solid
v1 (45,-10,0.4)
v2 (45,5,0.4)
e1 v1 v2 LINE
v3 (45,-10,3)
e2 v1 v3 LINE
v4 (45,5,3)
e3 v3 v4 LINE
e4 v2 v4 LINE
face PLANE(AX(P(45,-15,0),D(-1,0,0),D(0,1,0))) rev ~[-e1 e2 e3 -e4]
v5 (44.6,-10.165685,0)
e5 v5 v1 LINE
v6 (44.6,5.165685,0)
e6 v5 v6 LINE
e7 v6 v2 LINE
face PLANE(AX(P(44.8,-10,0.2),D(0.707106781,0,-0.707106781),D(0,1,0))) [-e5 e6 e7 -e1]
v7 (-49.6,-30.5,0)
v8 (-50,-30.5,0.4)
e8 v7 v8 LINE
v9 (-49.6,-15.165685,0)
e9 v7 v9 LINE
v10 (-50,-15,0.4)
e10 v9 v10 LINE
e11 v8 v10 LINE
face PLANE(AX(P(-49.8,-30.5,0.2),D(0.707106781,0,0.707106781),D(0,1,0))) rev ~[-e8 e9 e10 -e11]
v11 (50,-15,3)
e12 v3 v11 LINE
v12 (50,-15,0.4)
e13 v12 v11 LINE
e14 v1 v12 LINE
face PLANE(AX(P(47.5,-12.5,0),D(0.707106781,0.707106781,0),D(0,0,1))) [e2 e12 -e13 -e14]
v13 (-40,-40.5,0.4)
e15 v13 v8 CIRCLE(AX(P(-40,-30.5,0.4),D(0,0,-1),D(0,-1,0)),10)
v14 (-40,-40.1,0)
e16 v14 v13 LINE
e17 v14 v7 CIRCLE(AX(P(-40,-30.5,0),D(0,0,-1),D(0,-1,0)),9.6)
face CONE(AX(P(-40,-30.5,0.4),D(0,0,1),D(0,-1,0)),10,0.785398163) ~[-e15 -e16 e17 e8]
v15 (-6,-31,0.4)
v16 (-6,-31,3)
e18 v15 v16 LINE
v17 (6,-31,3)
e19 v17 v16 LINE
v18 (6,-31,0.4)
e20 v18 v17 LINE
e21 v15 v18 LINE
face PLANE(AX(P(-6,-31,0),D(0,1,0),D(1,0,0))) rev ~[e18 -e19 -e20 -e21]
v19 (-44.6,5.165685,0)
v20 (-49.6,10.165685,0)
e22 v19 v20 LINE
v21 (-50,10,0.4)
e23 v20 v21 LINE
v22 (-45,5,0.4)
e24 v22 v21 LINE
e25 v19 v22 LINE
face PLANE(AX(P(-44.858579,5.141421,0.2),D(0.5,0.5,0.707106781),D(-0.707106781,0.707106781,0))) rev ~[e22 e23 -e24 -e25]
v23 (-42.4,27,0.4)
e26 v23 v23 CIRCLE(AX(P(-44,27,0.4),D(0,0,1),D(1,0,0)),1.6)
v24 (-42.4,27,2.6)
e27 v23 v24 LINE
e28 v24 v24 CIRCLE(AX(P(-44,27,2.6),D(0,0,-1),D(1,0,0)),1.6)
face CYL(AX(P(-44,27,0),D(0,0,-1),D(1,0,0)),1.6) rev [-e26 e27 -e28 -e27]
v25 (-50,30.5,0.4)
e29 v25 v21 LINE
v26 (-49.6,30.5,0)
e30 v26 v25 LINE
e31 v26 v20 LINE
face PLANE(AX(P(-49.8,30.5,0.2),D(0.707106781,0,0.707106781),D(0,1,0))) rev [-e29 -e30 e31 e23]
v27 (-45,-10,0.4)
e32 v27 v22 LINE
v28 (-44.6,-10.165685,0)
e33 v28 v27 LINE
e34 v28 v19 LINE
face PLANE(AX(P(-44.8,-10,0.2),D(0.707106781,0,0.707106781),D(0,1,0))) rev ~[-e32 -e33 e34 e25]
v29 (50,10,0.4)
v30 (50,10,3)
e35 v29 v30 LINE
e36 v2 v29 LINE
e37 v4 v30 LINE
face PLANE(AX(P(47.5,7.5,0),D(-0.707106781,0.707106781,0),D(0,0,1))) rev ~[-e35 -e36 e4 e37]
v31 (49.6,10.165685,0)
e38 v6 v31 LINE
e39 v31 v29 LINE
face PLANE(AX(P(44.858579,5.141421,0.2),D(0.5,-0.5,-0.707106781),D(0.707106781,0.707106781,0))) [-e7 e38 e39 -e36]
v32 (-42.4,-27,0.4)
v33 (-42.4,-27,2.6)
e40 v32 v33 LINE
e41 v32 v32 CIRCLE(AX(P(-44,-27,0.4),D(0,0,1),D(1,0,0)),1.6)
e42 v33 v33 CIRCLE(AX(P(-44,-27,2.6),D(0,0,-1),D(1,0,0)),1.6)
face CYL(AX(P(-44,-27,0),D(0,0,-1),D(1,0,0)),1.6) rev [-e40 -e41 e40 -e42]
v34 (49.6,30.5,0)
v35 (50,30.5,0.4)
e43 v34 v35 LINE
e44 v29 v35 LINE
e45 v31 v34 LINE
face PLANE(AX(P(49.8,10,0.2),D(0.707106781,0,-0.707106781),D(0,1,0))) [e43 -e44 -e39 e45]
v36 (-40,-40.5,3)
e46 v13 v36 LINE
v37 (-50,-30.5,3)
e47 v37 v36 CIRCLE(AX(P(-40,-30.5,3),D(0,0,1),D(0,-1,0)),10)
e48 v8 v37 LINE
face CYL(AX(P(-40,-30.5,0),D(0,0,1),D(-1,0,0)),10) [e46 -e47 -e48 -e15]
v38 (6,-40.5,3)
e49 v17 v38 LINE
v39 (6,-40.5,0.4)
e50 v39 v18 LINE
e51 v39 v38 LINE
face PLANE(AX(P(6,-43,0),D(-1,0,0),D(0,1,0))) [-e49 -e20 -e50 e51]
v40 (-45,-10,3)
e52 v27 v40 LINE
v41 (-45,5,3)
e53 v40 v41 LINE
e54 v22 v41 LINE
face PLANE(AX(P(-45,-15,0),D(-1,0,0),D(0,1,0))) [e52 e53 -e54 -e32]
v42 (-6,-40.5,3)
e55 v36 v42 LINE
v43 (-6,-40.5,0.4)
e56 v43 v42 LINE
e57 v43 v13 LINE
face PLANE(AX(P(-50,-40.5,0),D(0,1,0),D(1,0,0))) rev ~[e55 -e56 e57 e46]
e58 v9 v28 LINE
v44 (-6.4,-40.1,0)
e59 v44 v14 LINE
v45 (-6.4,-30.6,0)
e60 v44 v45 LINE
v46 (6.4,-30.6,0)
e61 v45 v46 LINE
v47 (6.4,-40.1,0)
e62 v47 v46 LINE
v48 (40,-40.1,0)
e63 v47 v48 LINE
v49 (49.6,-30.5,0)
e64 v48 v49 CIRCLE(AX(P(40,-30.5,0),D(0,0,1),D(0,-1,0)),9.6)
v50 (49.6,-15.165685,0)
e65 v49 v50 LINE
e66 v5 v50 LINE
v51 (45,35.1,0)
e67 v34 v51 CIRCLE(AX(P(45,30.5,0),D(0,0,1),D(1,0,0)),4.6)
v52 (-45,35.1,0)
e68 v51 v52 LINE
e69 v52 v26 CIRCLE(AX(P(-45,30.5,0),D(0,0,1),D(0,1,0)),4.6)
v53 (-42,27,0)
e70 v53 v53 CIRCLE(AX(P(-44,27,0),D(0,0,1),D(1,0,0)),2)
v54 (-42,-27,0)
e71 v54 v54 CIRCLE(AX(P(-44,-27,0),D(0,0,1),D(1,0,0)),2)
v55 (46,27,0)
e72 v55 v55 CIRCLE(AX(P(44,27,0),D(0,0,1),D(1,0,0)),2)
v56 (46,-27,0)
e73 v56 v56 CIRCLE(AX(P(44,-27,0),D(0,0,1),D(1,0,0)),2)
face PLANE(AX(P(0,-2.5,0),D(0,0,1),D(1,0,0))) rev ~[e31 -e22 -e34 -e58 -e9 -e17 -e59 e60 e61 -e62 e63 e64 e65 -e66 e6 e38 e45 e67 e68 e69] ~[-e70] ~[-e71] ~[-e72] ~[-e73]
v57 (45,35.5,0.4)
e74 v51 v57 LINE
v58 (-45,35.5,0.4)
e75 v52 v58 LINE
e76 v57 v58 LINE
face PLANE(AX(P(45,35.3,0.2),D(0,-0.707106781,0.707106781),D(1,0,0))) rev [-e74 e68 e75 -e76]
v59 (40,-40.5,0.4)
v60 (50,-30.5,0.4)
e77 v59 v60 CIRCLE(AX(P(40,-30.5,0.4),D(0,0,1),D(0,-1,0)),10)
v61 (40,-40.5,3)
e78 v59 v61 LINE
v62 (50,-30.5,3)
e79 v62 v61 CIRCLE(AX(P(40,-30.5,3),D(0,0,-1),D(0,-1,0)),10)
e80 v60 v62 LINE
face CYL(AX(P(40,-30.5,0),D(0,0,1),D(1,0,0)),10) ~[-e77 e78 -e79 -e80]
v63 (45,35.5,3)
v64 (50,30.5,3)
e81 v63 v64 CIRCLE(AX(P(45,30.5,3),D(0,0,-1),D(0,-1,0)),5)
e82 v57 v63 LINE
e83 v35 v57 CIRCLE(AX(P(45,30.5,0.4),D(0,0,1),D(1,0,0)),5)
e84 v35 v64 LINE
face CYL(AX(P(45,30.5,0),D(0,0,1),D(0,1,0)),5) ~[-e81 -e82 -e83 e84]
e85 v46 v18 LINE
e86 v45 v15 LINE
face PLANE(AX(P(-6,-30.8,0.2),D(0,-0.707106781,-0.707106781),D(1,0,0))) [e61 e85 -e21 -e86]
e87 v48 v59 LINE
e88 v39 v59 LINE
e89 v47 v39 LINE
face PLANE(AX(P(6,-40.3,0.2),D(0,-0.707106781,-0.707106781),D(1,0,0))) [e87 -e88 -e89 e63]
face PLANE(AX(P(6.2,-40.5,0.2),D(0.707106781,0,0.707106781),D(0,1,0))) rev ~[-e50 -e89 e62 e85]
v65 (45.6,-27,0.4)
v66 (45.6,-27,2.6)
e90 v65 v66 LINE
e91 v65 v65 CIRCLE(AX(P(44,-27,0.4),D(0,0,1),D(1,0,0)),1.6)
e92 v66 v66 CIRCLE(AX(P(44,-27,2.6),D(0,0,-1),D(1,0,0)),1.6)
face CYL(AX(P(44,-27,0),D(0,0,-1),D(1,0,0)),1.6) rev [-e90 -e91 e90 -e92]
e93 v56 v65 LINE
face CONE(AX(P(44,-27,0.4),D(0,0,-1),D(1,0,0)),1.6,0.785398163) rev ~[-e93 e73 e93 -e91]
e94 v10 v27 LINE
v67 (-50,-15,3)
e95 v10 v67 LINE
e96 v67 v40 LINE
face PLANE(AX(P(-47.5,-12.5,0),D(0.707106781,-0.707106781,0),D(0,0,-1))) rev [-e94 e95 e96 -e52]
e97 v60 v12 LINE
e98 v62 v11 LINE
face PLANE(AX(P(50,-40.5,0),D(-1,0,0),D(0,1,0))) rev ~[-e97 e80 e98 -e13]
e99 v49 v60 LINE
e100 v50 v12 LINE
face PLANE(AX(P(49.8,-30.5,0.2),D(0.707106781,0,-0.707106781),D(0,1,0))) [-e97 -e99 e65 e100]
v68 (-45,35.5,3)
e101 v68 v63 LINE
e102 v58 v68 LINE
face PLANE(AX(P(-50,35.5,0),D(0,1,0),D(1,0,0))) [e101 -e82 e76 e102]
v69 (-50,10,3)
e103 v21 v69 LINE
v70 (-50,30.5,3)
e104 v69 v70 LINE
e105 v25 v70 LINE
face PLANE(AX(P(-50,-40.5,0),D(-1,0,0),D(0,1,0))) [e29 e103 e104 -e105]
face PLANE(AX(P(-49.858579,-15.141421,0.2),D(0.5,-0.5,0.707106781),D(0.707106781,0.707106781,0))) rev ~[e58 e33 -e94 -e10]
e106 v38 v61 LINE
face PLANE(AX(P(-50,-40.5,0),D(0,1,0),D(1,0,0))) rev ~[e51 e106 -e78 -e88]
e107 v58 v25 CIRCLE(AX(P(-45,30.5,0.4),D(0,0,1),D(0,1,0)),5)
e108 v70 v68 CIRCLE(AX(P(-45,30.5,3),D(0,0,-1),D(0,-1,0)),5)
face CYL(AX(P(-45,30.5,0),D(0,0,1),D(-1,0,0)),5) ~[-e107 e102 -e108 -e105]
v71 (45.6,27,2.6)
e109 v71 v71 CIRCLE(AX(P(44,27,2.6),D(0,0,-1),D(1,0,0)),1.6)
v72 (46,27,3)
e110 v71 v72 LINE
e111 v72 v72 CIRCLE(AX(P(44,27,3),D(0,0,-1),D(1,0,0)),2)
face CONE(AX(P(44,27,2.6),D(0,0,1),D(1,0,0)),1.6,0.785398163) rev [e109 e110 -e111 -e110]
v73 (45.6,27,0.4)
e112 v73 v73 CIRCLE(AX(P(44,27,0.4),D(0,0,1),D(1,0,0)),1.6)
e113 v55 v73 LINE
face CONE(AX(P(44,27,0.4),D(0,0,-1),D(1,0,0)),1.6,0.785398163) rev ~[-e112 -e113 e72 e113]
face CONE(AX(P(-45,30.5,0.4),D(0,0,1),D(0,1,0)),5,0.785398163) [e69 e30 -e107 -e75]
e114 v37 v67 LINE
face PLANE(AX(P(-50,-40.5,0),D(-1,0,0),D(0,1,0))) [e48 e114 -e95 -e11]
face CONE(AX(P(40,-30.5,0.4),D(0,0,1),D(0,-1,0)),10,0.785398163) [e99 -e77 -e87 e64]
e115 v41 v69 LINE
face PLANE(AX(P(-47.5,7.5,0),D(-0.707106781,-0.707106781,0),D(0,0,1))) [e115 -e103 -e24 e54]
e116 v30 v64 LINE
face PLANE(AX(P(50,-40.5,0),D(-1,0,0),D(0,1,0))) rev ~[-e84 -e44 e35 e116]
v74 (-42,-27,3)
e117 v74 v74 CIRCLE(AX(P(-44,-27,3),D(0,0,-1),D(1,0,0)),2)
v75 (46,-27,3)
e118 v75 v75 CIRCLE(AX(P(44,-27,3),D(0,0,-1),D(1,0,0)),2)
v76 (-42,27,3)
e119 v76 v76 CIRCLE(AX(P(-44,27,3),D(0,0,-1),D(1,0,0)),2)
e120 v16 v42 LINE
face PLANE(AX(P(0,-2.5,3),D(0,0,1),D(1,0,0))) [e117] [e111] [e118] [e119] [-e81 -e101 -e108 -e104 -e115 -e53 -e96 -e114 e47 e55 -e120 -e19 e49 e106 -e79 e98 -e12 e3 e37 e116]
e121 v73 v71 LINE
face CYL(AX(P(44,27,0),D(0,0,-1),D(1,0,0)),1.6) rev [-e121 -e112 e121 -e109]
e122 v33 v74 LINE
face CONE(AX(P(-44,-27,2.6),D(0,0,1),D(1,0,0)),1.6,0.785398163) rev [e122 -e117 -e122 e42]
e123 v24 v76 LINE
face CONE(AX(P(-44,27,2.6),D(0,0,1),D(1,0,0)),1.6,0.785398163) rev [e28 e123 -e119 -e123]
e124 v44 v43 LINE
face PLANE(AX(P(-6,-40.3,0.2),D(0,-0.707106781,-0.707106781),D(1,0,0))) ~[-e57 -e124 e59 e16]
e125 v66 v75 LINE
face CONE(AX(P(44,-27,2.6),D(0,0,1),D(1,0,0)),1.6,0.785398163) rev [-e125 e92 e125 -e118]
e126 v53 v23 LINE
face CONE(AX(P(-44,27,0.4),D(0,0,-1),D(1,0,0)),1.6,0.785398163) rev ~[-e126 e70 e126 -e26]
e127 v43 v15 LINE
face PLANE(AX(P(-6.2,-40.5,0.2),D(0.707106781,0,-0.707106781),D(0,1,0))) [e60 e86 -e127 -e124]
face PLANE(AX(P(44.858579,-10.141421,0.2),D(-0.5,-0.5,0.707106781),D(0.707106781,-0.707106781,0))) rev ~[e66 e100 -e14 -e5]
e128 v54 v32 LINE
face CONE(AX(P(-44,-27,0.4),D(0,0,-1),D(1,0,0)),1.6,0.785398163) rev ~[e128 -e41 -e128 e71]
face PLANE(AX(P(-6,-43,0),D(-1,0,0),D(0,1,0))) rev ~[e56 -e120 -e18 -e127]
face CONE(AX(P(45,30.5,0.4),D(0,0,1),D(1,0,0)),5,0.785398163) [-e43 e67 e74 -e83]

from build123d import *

# Parameters (mm, degrees)
BOX039_W          = 10
BOX039_H          = 25
BOX039_DEPTH      = 3
BOX040_W          = 10
BOX040_H          = 25
BOX040_DEPTH      = 3
CHAMFER041_SIZE   = 5
CYLINDER016_R     = 1.6
CYLINDER016_DEPTH = 10
CYLINDER015_R     = 1.6
CYLINDER015_DEPTH = 10
CYLINDER014_R     = 1.6
CYLINDER014_DEPTH = 10
CYLINDER017_R     = 1.6
CYLINDER017_DEPTH = 10
BOX033_W          = 12
BOX033_H          = 12
BOX033_DEPTH      = 10
BOX034_W          = 100
BOX034_H          = 76
BOX034_DEPTH      = 3
FILLET013_R       = 10
FILLET014_R       = 5
CHAMFER046_SIZE   = 0.4
CHAMFER048_SIZE   = 0.4


with BuildPart() as cube039:
    # Box039 → Box039 (new body)
    with BuildSketch(Plane(origin=(45, -15, 0), x_dir=(1, 0, 0), z_dir=(0, 0, 1))):
        with Locations((5, 12.5)):
            Rectangle(BOX039_W, BOX039_H)
    extrude(amount=BOX039_DEPTH)


with BuildPart() as chamfer041:
    # Box040 → Box040 (new body)
    with BuildSketch(Plane(origin=(-55, -15, 0), x_dir=(1, 0, 0), z_dir=(0, 0, 1))):
        with Locations((5, 12.5)):
            Rectangle(BOX040_W, BOX040_H)
    extrude(amount=BOX040_DEPTH)

    # Fusion002003015: union Cube039
    add(cube039.part)

    # Chamfer041
    chamfer041_edges = [chamfer041.edges().sort_by_distance(p)[0] for p in [
        (-45, -15, 1.5),
        (-45, 10, 1.5),
        (45, -15, 1.5),
        (45, 10, 1.5),
    ]]
    chamfer(chamfer041_edges, length=CHAMFER041_SIZE)


with BuildPart() as cylinder016:
    # Cylinder016 → Cylinder016 (new body)
    with BuildSketch(Plane(origin=(44, 27, 0), x_dir=(1, 0, 0), z_dir=(0, 0, 1))):
        Circle(CYLINDER016_R)
    extrude(amount=CYLINDER016_DEPTH)


with BuildPart() as cylinder015:
    # Cylinder015 → Cylinder015 (new body)
    with BuildSketch(Plane(origin=(44, -27, 0), x_dir=(1, 0, 0), z_dir=(0, 0, 1))):
        Circle(CYLINDER015_R)
    extrude(amount=CYLINDER015_DEPTH)


with BuildPart() as cylinder014:
    # Cylinder014 → Cylinder014 (new body)
    with BuildSketch(Plane(origin=(-44, -27, 0), x_dir=(1, 0, 0), z_dir=(0, 0, 1))):
        Circle(CYLINDER014_R)
    extrude(amount=CYLINDER014_DEPTH)


with BuildPart() as fusion002003012:
    # Cylinder017 → Cylinder017 (new body)
    with BuildSketch(Plane(origin=(-44, 27, 0), x_dir=(1, 0, 0), z_dir=(0, 0, 1))):
        Circle(CYLINDER017_R)
    extrude(amount=CYLINDER017_DEPTH)

    # Fusion002003012: union Cylinder016, Cylinder015, Cylinder014
    add(cylinder016.part)
    add(cylinder015.part)
    add(cylinder014.part)


with BuildPart() as cube033:
    # Box033 → Box033 (new body)
    with BuildSketch(Plane(origin=(-6, -43, 0), x_dir=(1, 0, 0), z_dir=(0, 0, 1))):
        with Locations((6, 6)):
            Rectangle(BOX033_W, BOX033_H)
    extrude(amount=BOX033_DEPTH)


with BuildPart() as centr_drill:
    # Box034 → Box034 (new body)
    with BuildSketch(Plane(origin=(-50, -40.5, 0), x_dir=(1, 0, 0), z_dir=(0, 0, 1))):
        with Locations((50, 38)):
            Rectangle(BOX034_W, BOX034_H)
    extrude(amount=BOX034_DEPTH)

    # Cut008: cut Cube033
    add(cube033.part, mode=Mode.SUBTRACT)

    # Cut009: cut Fusion002003012
    add(fusion002003012.part, mode=Mode.SUBTRACT)

    # Cut012: cut Chamfer041
    add(chamfer041.part, mode=Mode.SUBTRACT)

    # Fillet013
    fillet013_edges = [centr_drill.edges().sort_by_distance(p)[0] for p in [
        (-50, -40.5, 1.5),
        (50, -40.5, 1.5),
    ]]
    fillet(fillet013_edges, radius=FILLET013_R)

    # Fillet014
    fillet014_edges = [centr_drill.edges().sort_by_distance(p)[0] for p in [
        (50, 35.5, 1.5),
        (-50, 35.5, 1.5),
    ]]
    fillet(fillet014_edges, radius=FILLET014_R)

    # Chamfer046
    chamfer046_edges = [centr_drill.edges().sort_by_distance(p)[0] for p in [
        (50, 20.25, 0),
        (48.535534, 34.035534, 0),
        (47.5, 7.5, 0),
        (0, 35.5, 0),
        (45, -2.5, 0),
        (-48.535534, 34.035534, 0),
        (47.5, -12.5, 0),
        (-50, 20.25, 0),
        (50, -22.75, 0),
        (-47.5, 7.5, 0),
        (47.071068, -37.571068, 0),
        (-45, -2.5, 0),
        (23, -40.5, 0),
        (-47.5, -12.5, 0),
        (6, -35.75, 0),
        (-50, -22.75, 0),
        (0, -31, 0),
        (-47.071068, -37.571068, 0),
        (-6, -35.75, 0),
        (-23, -40.5, 0),
        (-45.6, -27, 0),
        (42.4, -27, 0),
        (-45.6, 27, 0),
        (42.4, 27, 0),
    ]]
    chamfer(chamfer046_edges, length=CHAMFER046_SIZE)

    # Chamfer048
    chamfer048_edges = [centr_drill.edges().sort_by_distance(p)[0] for p in [
        (-45.6, -27, 3),
        (42.4, -27, 3),
        (-45.6, 27, 3),
        (42.4, 27, 3),
    ]]
    chamfer(chamfer048_edges, length=CHAMFER048_SIZE)


solid = centr_drill.part
